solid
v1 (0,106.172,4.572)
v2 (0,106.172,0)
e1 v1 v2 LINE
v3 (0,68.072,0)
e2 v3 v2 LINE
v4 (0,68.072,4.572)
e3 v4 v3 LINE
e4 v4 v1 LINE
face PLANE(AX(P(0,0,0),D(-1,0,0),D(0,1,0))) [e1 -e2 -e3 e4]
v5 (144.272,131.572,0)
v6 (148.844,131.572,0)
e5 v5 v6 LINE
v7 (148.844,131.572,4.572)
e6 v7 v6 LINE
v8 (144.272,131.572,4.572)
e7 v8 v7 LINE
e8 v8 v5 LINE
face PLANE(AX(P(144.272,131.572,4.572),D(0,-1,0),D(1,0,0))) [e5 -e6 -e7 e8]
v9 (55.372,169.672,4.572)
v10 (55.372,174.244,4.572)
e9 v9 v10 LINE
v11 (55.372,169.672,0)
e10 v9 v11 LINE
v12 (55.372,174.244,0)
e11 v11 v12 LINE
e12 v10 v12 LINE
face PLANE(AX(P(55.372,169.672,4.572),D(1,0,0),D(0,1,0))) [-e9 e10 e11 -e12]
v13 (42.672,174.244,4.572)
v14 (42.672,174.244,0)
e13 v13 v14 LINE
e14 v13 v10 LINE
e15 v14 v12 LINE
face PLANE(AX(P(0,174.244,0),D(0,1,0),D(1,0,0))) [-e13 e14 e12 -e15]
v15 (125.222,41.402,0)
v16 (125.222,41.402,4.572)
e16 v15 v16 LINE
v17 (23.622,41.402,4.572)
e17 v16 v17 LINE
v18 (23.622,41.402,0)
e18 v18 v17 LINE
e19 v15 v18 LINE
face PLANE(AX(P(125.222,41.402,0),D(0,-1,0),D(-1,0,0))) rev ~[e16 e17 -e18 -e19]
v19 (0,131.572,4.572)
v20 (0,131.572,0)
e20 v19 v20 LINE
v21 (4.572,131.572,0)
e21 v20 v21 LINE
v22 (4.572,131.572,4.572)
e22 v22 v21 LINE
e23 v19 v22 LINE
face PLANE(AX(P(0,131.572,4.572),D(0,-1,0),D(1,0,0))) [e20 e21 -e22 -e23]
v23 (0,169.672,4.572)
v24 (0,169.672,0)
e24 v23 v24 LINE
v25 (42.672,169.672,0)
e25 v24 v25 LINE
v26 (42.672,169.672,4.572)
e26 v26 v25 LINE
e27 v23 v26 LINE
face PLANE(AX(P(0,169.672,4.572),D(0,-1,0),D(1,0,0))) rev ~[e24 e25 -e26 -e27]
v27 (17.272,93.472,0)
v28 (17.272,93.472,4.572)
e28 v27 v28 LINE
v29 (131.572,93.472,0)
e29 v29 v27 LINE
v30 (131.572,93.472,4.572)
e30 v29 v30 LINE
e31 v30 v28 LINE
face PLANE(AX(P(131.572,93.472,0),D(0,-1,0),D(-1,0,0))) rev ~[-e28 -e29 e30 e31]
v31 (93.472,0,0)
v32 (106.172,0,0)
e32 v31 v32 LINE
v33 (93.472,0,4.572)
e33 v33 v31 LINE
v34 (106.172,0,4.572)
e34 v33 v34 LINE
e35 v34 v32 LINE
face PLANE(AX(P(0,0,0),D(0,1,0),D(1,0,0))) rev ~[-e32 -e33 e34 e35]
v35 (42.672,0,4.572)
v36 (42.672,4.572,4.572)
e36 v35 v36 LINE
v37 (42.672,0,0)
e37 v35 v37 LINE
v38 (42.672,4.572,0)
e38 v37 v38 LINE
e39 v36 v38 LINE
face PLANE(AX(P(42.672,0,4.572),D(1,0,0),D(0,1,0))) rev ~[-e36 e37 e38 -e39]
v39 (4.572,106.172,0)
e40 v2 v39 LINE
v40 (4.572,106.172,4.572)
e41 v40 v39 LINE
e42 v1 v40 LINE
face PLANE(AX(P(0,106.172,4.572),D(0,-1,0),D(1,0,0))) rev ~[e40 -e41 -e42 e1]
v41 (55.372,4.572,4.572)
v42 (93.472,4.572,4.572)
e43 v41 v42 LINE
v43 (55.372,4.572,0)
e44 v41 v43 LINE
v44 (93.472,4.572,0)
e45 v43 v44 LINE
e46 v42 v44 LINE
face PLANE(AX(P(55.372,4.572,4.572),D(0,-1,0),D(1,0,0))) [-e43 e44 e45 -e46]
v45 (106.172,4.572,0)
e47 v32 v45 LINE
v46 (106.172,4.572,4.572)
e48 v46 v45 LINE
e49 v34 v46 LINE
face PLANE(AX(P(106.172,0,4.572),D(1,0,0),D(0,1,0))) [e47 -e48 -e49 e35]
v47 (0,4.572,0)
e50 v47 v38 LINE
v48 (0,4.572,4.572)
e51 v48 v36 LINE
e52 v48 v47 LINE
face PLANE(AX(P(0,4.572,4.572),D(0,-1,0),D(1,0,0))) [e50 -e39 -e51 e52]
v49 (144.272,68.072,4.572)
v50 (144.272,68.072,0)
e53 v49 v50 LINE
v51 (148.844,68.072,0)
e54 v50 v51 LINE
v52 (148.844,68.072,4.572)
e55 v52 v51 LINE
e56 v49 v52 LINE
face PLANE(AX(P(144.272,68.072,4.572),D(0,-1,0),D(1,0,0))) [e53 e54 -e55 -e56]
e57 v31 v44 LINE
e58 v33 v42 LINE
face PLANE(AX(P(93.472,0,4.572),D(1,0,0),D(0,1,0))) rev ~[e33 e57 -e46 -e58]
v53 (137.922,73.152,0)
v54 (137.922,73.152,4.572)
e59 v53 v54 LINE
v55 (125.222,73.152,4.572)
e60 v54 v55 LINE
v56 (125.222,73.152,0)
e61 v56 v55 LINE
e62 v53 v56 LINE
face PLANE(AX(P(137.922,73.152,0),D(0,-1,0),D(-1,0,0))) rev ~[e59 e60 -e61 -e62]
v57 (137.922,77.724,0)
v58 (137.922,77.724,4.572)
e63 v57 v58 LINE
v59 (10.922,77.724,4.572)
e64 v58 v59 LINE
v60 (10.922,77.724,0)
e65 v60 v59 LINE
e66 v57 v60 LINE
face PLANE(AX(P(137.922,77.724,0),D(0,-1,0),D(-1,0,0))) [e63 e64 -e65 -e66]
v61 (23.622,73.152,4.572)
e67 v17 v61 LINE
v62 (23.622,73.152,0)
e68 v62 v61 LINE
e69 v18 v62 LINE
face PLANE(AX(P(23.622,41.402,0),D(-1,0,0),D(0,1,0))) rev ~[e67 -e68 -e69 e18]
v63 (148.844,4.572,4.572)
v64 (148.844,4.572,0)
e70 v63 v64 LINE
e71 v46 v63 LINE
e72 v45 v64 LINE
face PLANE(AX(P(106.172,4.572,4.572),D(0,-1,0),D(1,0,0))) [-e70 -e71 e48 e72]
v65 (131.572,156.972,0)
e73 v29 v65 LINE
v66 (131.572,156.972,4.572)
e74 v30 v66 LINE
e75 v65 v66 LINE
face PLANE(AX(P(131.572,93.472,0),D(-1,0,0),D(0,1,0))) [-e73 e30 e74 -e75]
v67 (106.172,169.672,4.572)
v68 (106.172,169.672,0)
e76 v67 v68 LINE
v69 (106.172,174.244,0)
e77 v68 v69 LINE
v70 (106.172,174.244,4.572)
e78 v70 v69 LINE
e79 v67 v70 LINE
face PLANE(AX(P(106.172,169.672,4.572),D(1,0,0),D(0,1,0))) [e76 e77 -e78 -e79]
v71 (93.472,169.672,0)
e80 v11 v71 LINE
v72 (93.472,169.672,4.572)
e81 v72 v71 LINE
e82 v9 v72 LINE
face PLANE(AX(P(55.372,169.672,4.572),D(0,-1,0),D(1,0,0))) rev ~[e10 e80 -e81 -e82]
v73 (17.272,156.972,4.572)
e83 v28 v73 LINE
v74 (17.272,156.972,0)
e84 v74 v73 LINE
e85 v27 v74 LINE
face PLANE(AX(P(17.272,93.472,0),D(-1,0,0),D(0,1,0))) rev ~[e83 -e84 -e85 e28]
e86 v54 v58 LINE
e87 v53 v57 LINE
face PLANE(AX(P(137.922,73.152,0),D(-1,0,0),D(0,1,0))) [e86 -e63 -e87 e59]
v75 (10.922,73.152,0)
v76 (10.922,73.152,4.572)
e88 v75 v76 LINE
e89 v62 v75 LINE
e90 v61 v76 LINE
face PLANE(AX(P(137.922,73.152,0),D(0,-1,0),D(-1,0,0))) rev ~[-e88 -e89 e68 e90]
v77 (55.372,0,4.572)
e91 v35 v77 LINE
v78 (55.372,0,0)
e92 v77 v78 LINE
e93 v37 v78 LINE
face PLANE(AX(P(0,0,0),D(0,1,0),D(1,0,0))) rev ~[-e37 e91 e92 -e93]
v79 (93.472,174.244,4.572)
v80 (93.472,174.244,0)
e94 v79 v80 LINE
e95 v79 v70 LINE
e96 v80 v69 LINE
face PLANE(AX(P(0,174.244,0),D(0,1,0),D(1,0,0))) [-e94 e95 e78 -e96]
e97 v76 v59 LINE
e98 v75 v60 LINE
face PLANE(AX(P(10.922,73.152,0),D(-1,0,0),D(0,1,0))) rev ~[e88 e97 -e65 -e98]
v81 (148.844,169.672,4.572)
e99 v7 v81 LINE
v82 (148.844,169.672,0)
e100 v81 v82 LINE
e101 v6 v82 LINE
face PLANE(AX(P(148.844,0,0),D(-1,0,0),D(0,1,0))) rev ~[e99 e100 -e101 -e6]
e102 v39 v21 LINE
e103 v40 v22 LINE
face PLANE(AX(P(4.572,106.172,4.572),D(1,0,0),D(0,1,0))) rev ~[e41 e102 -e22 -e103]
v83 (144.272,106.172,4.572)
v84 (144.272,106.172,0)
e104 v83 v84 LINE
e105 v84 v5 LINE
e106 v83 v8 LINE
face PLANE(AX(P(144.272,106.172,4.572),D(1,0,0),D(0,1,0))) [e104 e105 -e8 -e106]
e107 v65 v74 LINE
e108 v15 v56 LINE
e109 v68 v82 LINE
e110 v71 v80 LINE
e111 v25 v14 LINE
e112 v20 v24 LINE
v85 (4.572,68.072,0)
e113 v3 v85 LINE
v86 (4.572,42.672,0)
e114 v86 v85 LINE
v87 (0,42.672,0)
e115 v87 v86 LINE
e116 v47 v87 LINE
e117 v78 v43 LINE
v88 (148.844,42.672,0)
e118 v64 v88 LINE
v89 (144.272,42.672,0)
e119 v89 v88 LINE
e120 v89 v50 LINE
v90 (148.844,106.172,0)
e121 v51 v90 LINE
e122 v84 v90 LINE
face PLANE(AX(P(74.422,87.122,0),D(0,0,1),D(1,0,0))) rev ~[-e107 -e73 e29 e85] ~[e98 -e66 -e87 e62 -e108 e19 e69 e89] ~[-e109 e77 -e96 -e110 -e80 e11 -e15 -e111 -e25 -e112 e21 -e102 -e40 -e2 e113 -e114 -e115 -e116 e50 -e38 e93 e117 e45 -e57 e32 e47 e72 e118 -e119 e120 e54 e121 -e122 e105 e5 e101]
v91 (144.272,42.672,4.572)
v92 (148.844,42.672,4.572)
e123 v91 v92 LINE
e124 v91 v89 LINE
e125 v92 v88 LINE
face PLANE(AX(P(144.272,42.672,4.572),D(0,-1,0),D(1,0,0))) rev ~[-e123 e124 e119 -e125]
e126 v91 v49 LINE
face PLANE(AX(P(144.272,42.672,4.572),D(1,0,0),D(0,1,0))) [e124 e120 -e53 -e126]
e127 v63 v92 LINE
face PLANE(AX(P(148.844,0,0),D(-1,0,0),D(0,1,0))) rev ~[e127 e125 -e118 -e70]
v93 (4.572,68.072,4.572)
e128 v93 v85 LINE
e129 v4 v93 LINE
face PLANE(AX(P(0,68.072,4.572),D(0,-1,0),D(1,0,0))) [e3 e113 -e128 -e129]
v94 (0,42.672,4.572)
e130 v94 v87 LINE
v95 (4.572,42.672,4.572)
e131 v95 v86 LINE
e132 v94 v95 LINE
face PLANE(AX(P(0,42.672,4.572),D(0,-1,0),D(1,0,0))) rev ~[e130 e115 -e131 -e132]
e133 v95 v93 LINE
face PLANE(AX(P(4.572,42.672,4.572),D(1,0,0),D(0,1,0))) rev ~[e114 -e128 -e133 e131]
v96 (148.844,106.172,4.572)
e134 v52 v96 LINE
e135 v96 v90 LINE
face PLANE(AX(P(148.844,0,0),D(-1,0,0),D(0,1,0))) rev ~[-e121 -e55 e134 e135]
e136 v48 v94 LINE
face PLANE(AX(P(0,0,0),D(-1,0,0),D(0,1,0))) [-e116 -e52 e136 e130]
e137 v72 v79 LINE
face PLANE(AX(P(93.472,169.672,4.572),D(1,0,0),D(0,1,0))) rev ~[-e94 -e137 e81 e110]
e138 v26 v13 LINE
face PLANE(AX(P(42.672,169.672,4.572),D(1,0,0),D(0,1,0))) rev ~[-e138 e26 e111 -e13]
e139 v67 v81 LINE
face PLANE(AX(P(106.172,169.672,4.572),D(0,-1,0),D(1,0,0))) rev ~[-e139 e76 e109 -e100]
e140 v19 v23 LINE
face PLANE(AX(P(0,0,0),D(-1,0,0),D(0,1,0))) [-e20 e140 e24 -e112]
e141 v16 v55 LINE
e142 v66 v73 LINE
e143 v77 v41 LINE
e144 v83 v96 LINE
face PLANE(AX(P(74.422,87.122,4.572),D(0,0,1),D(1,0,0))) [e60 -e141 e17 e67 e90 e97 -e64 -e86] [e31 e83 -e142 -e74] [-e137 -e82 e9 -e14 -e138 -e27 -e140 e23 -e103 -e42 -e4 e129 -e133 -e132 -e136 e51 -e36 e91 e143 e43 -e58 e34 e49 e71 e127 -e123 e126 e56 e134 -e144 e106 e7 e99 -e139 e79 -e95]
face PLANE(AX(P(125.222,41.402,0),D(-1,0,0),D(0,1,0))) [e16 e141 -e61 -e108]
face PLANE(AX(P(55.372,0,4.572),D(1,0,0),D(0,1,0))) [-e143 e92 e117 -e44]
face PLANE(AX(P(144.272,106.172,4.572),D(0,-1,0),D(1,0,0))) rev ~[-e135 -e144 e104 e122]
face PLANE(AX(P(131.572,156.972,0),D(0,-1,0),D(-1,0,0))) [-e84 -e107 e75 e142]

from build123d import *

# Parameters (mm, degrees)
SKETCH1_W           = 148.844
SKETCH1_H           = 174.244
BOSS_EXTRUDE1_DEPTH = 4.572
SKETCH2_W           = 42.672
SKETCH2_H           = 4.572
SKETCH2_W_2         = 38.1
CUT_EXTRUDE1_DEPTH  = 45.72
SKETCH3_W           = 4.572
SKETCH3_H           = 25.4
CUT_EXTRUDE2_DEPTH  = 45.72
SKETCH4_W           = 114.3
SKETCH4_H           = 63.5
SKETCH4_W_2         = 101.6
SKETCH4_H_2         = 31.75
CUT_EXTRUDE3_DEPTH  = 4.572
SKETCH5_W           = 127
SKETCH5_H           = 4.572
CUT_EXTRUDE4_DEPTH  = 4.572


with BuildPart() as part:
    # Sketch1 → Boss-Extrude1 (new body)
    with BuildSketch(Plane.XY):
        with Locations((74.422, 87.122)):
            Rectangle(SKETCH1_W, SKETCH1_H)
    extrude(amount=BOSS_EXTRUDE1_DEPTH)

    # Sketch2 → Cut-Extrude1 (cut)
    with BuildSketch(Plane.XY.offset(4.572)):
        with Locations((21.336, 2.286)):
            Rectangle(SKETCH2_W, SKETCH2_H)
        with Locations((74.422, 2.286)):
            Rectangle(SKETCH2_W_2, SKETCH2_H)
        with Locations((127.508, 2.286)):
            Rectangle(SKETCH2_W, SKETCH2_H)
        with Locations((21.336, 171.958)):
            Rectangle(SKETCH2_W, SKETCH2_H)
        with Locations((127.508, 171.958)):
            Rectangle(SKETCH2_W, SKETCH2_H)
        with Locations((74.422, 171.958)):
            Rectangle(SKETCH2_W_2, SKETCH2_H)
    extrude(amount=-CUT_EXTRUDE1_DEPTH, mode=Mode.SUBTRACT)

    # Sketch3 → Cut-Extrude2 (cut)
    with BuildSketch(Plane.XY.offset(4.572)):
        with Locations((146.558, 55.372)):
            Rectangle(SKETCH3_W, SKETCH3_H)
        with Locations((2.286, 55.372)):
            Rectangle(SKETCH3_W, SKETCH3_H)
        with Locations((146.558, 118.872)):
            Rectangle(SKETCH3_W, SKETCH3_H)
        with Locations((2.286, 118.872)):
            Rectangle(SKETCH3_W, SKETCH3_H)
    extrude(amount=-CUT_EXTRUDE2_DEPTH, mode=Mode.SUBTRACT)

    # Sketch4 → Cut-Extrude3 (cut)
    with BuildSketch(Plane(origin=(0, 0, 0), x_dir=(-1, 0, 0), z_dir=(0, 0, -1))):
        with Locations((-74.422, 125.222)):
            Rectangle(SKETCH4_W, SKETCH4_H)
        with Locations((-74.422, 57.277)):
            Rectangle(SKETCH4_W_2, SKETCH4_H_2)
    extrude(amount=-CUT_EXTRUDE3_DEPTH, mode=Mode.SUBTRACT)

    # Sketch5 → Cut-Extrude4 (cut)
    with BuildSketch(Plane(origin=(0, 0, 0), x_dir=(-1, 0, 0), z_dir=(0, 0, -1))):
        with Locations((-74.422, 75.438)):
            Rectangle(SKETCH5_W, SKETCH5_H)
    extrude(amount=-CUT_EXTRUDE4_DEPTH, mode=Mode.SUBTRACT)


solid = part.part
